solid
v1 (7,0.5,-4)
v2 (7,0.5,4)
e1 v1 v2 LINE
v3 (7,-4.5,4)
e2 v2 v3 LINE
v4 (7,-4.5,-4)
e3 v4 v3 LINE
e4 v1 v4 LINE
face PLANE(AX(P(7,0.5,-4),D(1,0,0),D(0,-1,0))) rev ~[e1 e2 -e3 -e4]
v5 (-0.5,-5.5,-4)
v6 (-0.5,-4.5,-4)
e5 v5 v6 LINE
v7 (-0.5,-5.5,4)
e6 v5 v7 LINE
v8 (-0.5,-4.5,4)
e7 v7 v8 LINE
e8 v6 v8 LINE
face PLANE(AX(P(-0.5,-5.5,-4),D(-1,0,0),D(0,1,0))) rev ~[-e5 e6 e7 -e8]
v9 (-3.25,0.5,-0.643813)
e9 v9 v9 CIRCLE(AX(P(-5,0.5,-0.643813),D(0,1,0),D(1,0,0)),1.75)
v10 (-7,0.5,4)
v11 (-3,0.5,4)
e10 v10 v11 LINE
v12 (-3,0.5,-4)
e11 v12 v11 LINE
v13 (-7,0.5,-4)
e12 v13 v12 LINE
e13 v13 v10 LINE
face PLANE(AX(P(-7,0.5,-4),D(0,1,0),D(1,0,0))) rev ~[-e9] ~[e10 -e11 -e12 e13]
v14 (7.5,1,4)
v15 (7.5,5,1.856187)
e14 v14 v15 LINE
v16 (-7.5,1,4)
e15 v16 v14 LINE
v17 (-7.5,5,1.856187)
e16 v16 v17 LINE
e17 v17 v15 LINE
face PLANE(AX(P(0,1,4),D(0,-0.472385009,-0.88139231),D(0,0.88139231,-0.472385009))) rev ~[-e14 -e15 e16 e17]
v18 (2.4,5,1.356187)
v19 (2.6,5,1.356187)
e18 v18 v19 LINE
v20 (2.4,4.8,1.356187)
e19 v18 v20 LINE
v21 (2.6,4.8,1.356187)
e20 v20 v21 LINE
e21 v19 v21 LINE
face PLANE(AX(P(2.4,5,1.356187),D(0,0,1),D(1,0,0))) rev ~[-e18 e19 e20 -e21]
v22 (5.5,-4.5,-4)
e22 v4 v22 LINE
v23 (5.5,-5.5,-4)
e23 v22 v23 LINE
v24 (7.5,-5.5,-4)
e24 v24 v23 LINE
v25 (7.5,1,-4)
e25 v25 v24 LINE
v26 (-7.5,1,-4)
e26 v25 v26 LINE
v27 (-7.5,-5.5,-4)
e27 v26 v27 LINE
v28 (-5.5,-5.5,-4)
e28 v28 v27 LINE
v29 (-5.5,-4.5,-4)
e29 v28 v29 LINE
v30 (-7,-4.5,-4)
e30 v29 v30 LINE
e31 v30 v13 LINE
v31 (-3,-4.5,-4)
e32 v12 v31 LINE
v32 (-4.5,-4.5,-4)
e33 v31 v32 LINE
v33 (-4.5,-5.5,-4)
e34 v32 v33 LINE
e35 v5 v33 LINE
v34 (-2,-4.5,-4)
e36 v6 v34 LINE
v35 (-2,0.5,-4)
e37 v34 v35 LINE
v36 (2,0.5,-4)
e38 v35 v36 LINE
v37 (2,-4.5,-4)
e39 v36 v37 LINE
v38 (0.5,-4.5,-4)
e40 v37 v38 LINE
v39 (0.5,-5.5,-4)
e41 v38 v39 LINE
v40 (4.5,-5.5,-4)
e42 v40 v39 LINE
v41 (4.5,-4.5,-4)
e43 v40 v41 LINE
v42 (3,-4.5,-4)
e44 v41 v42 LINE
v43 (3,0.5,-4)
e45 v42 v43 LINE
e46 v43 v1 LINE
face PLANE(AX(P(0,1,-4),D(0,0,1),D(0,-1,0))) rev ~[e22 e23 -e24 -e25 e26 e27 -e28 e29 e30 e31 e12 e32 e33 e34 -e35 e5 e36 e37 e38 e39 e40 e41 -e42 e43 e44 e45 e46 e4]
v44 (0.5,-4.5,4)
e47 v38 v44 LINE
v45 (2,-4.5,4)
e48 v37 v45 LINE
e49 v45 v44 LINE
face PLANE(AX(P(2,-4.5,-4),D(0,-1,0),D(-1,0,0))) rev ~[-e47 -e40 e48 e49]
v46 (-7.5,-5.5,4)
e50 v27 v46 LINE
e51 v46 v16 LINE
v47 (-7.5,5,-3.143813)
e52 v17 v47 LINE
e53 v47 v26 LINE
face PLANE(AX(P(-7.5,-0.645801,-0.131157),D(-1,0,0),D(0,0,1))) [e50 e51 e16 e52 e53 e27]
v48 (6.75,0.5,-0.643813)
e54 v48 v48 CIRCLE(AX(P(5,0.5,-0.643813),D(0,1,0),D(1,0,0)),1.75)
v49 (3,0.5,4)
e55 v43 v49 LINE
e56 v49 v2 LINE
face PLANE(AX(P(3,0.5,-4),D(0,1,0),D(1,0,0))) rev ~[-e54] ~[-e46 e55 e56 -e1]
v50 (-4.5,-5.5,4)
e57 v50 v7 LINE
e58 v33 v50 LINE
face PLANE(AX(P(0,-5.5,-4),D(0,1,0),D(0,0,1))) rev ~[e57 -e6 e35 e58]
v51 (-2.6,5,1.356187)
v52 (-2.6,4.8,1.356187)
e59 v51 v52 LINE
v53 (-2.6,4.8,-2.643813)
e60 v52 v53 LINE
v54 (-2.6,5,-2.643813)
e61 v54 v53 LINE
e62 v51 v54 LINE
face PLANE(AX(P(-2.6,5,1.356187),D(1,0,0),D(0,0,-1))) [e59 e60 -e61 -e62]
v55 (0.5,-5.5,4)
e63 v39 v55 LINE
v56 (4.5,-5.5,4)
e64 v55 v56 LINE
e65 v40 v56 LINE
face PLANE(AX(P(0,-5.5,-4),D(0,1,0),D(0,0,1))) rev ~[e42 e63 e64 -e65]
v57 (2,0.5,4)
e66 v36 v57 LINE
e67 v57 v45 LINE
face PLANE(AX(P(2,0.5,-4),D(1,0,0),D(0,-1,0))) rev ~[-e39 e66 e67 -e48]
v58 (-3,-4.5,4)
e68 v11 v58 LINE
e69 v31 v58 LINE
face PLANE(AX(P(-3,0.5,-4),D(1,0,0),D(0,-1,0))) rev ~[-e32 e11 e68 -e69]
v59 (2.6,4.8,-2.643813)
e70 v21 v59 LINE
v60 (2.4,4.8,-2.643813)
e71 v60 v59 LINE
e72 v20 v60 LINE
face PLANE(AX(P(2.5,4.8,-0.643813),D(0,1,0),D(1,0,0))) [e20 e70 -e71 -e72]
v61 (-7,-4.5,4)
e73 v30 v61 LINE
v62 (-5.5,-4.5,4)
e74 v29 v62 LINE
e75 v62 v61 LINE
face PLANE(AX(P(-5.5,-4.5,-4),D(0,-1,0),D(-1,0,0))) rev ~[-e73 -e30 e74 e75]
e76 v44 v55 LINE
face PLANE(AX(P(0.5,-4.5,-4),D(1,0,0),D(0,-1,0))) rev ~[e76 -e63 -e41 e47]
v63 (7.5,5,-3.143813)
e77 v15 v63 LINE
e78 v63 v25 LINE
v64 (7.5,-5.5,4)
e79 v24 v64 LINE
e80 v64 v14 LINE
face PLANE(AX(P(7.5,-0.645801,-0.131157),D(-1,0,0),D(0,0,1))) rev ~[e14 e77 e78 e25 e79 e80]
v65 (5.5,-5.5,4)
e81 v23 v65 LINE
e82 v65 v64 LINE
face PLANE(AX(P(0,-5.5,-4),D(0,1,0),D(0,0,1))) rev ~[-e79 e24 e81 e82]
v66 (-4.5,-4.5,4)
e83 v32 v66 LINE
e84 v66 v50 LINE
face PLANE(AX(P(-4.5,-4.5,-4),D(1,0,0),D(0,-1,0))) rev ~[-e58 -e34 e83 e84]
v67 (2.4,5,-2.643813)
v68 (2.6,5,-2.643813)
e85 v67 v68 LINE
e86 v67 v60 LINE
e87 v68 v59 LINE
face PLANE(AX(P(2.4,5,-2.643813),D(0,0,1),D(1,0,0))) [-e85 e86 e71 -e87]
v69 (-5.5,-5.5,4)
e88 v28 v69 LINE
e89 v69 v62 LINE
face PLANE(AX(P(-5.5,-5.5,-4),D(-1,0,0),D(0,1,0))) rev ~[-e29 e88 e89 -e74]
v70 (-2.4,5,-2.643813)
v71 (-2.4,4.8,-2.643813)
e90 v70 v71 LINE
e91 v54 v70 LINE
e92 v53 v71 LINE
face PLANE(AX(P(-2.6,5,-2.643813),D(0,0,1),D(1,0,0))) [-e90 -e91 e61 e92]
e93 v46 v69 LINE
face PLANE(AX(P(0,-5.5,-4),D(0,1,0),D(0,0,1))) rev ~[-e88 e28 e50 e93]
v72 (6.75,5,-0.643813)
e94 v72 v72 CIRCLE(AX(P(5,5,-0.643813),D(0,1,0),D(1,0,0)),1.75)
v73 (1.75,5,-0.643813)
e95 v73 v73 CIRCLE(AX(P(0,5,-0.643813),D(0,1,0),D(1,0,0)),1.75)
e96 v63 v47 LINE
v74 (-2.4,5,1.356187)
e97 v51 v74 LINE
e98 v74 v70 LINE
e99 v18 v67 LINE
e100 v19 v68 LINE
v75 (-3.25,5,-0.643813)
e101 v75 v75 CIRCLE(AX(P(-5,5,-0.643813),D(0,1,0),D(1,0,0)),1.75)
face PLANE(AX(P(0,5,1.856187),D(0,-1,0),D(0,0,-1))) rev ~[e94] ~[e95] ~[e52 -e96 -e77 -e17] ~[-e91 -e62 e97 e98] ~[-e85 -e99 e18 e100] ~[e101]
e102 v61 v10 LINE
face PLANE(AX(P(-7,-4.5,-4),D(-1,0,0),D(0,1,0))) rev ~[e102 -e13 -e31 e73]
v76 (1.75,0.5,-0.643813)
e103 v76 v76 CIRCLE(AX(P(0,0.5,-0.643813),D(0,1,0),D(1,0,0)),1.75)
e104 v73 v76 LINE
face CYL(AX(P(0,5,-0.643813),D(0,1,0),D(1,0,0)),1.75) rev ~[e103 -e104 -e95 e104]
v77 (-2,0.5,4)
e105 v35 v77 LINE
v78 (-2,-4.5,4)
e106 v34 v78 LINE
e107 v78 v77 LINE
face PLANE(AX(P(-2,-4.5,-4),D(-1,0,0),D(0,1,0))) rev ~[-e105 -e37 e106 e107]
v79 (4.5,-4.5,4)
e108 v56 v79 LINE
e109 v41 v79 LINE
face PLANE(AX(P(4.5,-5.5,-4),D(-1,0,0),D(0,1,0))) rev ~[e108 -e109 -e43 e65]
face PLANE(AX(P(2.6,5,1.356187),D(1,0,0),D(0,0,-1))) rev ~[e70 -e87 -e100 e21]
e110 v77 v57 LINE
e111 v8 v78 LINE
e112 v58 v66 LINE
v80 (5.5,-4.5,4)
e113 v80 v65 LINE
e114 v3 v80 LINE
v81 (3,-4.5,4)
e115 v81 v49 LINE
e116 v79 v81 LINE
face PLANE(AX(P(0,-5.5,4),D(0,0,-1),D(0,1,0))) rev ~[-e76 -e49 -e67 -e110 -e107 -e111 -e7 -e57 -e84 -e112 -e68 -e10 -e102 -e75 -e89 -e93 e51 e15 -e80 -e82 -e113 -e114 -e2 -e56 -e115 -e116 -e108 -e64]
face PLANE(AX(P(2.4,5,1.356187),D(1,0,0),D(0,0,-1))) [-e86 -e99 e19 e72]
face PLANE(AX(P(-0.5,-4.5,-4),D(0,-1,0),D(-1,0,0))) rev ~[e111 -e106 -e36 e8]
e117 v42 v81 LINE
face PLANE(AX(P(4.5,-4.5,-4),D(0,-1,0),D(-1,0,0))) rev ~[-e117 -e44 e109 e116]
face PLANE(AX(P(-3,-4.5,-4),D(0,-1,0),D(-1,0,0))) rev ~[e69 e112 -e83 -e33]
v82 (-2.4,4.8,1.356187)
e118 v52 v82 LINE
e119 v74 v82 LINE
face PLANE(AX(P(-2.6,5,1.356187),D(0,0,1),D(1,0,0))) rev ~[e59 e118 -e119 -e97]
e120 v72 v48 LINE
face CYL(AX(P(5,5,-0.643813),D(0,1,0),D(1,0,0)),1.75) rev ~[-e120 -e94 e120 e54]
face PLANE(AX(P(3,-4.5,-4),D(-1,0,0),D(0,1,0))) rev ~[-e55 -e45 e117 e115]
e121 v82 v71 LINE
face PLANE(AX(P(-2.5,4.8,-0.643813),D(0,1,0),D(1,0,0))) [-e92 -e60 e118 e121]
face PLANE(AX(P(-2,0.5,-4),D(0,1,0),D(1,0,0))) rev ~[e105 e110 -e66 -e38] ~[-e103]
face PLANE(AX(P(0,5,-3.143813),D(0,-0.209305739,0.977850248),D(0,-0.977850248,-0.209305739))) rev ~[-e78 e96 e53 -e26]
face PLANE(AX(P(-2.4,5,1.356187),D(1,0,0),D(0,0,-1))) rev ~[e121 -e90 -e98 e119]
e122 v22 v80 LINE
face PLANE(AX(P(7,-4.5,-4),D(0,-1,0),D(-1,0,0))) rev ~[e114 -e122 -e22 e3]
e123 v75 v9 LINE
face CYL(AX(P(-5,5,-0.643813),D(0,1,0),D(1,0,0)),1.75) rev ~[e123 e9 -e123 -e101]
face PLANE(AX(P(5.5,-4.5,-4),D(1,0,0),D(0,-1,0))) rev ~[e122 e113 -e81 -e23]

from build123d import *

# Parameters (mm, degrees)
Y_KSEKLIK_EKSTR_ZYON1_DEPTH      = 7.5
Y_KSEKLIK_EKSTR_ZYON1_DEPTH_BACK = 7.5
KES_EKSTR_ZYON1_DEPTH            = 13.267844146
IZIM3_R                          = 1.75
KES_EKSTR_ZYON2_DEPTH            = 7.5
IZIM4_W                          = 0.2
IZIM4_H                          = 4
KES_EKSTR_ZYON3_DEPTH            = 0.2


with BuildPart() as part:
    # Çizim1 → Yükseklik-Ekstrüzyon1 (new, two sides: drawn at the far end of the back side and taken through both)
    with BuildSketch(Plane(origin=(0, 0, 0), x_dir=(0, 0, -1), z_dir=(1, 0, 0)).offset(-Y_KSEKLIK_EKSTR_ZYON1_DEPTH_BACK)):
        Polygon((-1.856187291, 5), (3.143812709, 5), (4, 1), (4, -5.5), (-4, -5.5), (-4, 1), align=None)
    extrude(amount=Y_KSEKLIK_EKSTR_ZYON1_DEPTH + Y_KSEKLIK_EKSTR_ZYON1_DEPTH_BACK)

    # Çizim2 → Kes-Ekstrüzyon1 (cut, through all)
    with BuildSketch(Plane(origin=(0, 0, -4), x_dir=(-1, 0, 0), z_dir=(0, 0, -1))):
        Polygon((-0.5, -4.5), (-0.5, -5.5), (0.5, -5.5), (0.5, -4.5), (2, -4.5), (2, 0.5), (-2, 0.5), (-2, -4.5), align=None)
        Polygon((3, 0.5), (3, -4.5), (4.5, -4.5), (4.5, -5.5), (5.5, -5.5), (5.5, -4.5), (7, -4.5), (7, 0.5), align=None)
        Polygon((-7, 0.5), (-7, -4.5), (-5.5, -4.5), (-5.5, -5.5), (-4.5, -5.5), (-4.5, -4.5), (-3, -4.5), (-3, 0.5), align=None)
    extrude(amount=-KES_EKSTR_ZYON1_DEPTH, mode=Mode.SUBTRACT)

    # Çizim3 → Kes-Ekstrüzyon2 (cut)
    with BuildSketch(Plane(origin=(0, 5, 0), x_dir=(1, 0, 0), z_dir=(0, 1, 0))):
        with Locations((0, 0.643812709)):
            Circle(IZIM3_R)
        with Locations((-5, 0.643812709)):
            Circle(IZIM3_R)
        with Locations((5, 0.643812709)):
            Circle(IZIM3_R)
    extrude(amount=-KES_EKSTR_ZYON2_DEPTH, mode=Mode.SUBTRACT)

    # Çizim4 → Kes-Ekstrüzyon3 (cut)
    with BuildSketch(Plane(origin=(0, 5, 0), x_dir=(1, 0, 0), z_dir=(0, 1, 0))):
        with Locations((-2.5, 0.643812709)):
            Rectangle(IZIM4_W, IZIM4_H)
        with Locations((2.5, 0.643812709)):
            Rectangle(IZIM4_W, IZIM4_H)
    extrude(amount=-KES_EKSTR_ZYON3_DEPTH, mode=Mode.SUBTRACT)


solid = part.part
